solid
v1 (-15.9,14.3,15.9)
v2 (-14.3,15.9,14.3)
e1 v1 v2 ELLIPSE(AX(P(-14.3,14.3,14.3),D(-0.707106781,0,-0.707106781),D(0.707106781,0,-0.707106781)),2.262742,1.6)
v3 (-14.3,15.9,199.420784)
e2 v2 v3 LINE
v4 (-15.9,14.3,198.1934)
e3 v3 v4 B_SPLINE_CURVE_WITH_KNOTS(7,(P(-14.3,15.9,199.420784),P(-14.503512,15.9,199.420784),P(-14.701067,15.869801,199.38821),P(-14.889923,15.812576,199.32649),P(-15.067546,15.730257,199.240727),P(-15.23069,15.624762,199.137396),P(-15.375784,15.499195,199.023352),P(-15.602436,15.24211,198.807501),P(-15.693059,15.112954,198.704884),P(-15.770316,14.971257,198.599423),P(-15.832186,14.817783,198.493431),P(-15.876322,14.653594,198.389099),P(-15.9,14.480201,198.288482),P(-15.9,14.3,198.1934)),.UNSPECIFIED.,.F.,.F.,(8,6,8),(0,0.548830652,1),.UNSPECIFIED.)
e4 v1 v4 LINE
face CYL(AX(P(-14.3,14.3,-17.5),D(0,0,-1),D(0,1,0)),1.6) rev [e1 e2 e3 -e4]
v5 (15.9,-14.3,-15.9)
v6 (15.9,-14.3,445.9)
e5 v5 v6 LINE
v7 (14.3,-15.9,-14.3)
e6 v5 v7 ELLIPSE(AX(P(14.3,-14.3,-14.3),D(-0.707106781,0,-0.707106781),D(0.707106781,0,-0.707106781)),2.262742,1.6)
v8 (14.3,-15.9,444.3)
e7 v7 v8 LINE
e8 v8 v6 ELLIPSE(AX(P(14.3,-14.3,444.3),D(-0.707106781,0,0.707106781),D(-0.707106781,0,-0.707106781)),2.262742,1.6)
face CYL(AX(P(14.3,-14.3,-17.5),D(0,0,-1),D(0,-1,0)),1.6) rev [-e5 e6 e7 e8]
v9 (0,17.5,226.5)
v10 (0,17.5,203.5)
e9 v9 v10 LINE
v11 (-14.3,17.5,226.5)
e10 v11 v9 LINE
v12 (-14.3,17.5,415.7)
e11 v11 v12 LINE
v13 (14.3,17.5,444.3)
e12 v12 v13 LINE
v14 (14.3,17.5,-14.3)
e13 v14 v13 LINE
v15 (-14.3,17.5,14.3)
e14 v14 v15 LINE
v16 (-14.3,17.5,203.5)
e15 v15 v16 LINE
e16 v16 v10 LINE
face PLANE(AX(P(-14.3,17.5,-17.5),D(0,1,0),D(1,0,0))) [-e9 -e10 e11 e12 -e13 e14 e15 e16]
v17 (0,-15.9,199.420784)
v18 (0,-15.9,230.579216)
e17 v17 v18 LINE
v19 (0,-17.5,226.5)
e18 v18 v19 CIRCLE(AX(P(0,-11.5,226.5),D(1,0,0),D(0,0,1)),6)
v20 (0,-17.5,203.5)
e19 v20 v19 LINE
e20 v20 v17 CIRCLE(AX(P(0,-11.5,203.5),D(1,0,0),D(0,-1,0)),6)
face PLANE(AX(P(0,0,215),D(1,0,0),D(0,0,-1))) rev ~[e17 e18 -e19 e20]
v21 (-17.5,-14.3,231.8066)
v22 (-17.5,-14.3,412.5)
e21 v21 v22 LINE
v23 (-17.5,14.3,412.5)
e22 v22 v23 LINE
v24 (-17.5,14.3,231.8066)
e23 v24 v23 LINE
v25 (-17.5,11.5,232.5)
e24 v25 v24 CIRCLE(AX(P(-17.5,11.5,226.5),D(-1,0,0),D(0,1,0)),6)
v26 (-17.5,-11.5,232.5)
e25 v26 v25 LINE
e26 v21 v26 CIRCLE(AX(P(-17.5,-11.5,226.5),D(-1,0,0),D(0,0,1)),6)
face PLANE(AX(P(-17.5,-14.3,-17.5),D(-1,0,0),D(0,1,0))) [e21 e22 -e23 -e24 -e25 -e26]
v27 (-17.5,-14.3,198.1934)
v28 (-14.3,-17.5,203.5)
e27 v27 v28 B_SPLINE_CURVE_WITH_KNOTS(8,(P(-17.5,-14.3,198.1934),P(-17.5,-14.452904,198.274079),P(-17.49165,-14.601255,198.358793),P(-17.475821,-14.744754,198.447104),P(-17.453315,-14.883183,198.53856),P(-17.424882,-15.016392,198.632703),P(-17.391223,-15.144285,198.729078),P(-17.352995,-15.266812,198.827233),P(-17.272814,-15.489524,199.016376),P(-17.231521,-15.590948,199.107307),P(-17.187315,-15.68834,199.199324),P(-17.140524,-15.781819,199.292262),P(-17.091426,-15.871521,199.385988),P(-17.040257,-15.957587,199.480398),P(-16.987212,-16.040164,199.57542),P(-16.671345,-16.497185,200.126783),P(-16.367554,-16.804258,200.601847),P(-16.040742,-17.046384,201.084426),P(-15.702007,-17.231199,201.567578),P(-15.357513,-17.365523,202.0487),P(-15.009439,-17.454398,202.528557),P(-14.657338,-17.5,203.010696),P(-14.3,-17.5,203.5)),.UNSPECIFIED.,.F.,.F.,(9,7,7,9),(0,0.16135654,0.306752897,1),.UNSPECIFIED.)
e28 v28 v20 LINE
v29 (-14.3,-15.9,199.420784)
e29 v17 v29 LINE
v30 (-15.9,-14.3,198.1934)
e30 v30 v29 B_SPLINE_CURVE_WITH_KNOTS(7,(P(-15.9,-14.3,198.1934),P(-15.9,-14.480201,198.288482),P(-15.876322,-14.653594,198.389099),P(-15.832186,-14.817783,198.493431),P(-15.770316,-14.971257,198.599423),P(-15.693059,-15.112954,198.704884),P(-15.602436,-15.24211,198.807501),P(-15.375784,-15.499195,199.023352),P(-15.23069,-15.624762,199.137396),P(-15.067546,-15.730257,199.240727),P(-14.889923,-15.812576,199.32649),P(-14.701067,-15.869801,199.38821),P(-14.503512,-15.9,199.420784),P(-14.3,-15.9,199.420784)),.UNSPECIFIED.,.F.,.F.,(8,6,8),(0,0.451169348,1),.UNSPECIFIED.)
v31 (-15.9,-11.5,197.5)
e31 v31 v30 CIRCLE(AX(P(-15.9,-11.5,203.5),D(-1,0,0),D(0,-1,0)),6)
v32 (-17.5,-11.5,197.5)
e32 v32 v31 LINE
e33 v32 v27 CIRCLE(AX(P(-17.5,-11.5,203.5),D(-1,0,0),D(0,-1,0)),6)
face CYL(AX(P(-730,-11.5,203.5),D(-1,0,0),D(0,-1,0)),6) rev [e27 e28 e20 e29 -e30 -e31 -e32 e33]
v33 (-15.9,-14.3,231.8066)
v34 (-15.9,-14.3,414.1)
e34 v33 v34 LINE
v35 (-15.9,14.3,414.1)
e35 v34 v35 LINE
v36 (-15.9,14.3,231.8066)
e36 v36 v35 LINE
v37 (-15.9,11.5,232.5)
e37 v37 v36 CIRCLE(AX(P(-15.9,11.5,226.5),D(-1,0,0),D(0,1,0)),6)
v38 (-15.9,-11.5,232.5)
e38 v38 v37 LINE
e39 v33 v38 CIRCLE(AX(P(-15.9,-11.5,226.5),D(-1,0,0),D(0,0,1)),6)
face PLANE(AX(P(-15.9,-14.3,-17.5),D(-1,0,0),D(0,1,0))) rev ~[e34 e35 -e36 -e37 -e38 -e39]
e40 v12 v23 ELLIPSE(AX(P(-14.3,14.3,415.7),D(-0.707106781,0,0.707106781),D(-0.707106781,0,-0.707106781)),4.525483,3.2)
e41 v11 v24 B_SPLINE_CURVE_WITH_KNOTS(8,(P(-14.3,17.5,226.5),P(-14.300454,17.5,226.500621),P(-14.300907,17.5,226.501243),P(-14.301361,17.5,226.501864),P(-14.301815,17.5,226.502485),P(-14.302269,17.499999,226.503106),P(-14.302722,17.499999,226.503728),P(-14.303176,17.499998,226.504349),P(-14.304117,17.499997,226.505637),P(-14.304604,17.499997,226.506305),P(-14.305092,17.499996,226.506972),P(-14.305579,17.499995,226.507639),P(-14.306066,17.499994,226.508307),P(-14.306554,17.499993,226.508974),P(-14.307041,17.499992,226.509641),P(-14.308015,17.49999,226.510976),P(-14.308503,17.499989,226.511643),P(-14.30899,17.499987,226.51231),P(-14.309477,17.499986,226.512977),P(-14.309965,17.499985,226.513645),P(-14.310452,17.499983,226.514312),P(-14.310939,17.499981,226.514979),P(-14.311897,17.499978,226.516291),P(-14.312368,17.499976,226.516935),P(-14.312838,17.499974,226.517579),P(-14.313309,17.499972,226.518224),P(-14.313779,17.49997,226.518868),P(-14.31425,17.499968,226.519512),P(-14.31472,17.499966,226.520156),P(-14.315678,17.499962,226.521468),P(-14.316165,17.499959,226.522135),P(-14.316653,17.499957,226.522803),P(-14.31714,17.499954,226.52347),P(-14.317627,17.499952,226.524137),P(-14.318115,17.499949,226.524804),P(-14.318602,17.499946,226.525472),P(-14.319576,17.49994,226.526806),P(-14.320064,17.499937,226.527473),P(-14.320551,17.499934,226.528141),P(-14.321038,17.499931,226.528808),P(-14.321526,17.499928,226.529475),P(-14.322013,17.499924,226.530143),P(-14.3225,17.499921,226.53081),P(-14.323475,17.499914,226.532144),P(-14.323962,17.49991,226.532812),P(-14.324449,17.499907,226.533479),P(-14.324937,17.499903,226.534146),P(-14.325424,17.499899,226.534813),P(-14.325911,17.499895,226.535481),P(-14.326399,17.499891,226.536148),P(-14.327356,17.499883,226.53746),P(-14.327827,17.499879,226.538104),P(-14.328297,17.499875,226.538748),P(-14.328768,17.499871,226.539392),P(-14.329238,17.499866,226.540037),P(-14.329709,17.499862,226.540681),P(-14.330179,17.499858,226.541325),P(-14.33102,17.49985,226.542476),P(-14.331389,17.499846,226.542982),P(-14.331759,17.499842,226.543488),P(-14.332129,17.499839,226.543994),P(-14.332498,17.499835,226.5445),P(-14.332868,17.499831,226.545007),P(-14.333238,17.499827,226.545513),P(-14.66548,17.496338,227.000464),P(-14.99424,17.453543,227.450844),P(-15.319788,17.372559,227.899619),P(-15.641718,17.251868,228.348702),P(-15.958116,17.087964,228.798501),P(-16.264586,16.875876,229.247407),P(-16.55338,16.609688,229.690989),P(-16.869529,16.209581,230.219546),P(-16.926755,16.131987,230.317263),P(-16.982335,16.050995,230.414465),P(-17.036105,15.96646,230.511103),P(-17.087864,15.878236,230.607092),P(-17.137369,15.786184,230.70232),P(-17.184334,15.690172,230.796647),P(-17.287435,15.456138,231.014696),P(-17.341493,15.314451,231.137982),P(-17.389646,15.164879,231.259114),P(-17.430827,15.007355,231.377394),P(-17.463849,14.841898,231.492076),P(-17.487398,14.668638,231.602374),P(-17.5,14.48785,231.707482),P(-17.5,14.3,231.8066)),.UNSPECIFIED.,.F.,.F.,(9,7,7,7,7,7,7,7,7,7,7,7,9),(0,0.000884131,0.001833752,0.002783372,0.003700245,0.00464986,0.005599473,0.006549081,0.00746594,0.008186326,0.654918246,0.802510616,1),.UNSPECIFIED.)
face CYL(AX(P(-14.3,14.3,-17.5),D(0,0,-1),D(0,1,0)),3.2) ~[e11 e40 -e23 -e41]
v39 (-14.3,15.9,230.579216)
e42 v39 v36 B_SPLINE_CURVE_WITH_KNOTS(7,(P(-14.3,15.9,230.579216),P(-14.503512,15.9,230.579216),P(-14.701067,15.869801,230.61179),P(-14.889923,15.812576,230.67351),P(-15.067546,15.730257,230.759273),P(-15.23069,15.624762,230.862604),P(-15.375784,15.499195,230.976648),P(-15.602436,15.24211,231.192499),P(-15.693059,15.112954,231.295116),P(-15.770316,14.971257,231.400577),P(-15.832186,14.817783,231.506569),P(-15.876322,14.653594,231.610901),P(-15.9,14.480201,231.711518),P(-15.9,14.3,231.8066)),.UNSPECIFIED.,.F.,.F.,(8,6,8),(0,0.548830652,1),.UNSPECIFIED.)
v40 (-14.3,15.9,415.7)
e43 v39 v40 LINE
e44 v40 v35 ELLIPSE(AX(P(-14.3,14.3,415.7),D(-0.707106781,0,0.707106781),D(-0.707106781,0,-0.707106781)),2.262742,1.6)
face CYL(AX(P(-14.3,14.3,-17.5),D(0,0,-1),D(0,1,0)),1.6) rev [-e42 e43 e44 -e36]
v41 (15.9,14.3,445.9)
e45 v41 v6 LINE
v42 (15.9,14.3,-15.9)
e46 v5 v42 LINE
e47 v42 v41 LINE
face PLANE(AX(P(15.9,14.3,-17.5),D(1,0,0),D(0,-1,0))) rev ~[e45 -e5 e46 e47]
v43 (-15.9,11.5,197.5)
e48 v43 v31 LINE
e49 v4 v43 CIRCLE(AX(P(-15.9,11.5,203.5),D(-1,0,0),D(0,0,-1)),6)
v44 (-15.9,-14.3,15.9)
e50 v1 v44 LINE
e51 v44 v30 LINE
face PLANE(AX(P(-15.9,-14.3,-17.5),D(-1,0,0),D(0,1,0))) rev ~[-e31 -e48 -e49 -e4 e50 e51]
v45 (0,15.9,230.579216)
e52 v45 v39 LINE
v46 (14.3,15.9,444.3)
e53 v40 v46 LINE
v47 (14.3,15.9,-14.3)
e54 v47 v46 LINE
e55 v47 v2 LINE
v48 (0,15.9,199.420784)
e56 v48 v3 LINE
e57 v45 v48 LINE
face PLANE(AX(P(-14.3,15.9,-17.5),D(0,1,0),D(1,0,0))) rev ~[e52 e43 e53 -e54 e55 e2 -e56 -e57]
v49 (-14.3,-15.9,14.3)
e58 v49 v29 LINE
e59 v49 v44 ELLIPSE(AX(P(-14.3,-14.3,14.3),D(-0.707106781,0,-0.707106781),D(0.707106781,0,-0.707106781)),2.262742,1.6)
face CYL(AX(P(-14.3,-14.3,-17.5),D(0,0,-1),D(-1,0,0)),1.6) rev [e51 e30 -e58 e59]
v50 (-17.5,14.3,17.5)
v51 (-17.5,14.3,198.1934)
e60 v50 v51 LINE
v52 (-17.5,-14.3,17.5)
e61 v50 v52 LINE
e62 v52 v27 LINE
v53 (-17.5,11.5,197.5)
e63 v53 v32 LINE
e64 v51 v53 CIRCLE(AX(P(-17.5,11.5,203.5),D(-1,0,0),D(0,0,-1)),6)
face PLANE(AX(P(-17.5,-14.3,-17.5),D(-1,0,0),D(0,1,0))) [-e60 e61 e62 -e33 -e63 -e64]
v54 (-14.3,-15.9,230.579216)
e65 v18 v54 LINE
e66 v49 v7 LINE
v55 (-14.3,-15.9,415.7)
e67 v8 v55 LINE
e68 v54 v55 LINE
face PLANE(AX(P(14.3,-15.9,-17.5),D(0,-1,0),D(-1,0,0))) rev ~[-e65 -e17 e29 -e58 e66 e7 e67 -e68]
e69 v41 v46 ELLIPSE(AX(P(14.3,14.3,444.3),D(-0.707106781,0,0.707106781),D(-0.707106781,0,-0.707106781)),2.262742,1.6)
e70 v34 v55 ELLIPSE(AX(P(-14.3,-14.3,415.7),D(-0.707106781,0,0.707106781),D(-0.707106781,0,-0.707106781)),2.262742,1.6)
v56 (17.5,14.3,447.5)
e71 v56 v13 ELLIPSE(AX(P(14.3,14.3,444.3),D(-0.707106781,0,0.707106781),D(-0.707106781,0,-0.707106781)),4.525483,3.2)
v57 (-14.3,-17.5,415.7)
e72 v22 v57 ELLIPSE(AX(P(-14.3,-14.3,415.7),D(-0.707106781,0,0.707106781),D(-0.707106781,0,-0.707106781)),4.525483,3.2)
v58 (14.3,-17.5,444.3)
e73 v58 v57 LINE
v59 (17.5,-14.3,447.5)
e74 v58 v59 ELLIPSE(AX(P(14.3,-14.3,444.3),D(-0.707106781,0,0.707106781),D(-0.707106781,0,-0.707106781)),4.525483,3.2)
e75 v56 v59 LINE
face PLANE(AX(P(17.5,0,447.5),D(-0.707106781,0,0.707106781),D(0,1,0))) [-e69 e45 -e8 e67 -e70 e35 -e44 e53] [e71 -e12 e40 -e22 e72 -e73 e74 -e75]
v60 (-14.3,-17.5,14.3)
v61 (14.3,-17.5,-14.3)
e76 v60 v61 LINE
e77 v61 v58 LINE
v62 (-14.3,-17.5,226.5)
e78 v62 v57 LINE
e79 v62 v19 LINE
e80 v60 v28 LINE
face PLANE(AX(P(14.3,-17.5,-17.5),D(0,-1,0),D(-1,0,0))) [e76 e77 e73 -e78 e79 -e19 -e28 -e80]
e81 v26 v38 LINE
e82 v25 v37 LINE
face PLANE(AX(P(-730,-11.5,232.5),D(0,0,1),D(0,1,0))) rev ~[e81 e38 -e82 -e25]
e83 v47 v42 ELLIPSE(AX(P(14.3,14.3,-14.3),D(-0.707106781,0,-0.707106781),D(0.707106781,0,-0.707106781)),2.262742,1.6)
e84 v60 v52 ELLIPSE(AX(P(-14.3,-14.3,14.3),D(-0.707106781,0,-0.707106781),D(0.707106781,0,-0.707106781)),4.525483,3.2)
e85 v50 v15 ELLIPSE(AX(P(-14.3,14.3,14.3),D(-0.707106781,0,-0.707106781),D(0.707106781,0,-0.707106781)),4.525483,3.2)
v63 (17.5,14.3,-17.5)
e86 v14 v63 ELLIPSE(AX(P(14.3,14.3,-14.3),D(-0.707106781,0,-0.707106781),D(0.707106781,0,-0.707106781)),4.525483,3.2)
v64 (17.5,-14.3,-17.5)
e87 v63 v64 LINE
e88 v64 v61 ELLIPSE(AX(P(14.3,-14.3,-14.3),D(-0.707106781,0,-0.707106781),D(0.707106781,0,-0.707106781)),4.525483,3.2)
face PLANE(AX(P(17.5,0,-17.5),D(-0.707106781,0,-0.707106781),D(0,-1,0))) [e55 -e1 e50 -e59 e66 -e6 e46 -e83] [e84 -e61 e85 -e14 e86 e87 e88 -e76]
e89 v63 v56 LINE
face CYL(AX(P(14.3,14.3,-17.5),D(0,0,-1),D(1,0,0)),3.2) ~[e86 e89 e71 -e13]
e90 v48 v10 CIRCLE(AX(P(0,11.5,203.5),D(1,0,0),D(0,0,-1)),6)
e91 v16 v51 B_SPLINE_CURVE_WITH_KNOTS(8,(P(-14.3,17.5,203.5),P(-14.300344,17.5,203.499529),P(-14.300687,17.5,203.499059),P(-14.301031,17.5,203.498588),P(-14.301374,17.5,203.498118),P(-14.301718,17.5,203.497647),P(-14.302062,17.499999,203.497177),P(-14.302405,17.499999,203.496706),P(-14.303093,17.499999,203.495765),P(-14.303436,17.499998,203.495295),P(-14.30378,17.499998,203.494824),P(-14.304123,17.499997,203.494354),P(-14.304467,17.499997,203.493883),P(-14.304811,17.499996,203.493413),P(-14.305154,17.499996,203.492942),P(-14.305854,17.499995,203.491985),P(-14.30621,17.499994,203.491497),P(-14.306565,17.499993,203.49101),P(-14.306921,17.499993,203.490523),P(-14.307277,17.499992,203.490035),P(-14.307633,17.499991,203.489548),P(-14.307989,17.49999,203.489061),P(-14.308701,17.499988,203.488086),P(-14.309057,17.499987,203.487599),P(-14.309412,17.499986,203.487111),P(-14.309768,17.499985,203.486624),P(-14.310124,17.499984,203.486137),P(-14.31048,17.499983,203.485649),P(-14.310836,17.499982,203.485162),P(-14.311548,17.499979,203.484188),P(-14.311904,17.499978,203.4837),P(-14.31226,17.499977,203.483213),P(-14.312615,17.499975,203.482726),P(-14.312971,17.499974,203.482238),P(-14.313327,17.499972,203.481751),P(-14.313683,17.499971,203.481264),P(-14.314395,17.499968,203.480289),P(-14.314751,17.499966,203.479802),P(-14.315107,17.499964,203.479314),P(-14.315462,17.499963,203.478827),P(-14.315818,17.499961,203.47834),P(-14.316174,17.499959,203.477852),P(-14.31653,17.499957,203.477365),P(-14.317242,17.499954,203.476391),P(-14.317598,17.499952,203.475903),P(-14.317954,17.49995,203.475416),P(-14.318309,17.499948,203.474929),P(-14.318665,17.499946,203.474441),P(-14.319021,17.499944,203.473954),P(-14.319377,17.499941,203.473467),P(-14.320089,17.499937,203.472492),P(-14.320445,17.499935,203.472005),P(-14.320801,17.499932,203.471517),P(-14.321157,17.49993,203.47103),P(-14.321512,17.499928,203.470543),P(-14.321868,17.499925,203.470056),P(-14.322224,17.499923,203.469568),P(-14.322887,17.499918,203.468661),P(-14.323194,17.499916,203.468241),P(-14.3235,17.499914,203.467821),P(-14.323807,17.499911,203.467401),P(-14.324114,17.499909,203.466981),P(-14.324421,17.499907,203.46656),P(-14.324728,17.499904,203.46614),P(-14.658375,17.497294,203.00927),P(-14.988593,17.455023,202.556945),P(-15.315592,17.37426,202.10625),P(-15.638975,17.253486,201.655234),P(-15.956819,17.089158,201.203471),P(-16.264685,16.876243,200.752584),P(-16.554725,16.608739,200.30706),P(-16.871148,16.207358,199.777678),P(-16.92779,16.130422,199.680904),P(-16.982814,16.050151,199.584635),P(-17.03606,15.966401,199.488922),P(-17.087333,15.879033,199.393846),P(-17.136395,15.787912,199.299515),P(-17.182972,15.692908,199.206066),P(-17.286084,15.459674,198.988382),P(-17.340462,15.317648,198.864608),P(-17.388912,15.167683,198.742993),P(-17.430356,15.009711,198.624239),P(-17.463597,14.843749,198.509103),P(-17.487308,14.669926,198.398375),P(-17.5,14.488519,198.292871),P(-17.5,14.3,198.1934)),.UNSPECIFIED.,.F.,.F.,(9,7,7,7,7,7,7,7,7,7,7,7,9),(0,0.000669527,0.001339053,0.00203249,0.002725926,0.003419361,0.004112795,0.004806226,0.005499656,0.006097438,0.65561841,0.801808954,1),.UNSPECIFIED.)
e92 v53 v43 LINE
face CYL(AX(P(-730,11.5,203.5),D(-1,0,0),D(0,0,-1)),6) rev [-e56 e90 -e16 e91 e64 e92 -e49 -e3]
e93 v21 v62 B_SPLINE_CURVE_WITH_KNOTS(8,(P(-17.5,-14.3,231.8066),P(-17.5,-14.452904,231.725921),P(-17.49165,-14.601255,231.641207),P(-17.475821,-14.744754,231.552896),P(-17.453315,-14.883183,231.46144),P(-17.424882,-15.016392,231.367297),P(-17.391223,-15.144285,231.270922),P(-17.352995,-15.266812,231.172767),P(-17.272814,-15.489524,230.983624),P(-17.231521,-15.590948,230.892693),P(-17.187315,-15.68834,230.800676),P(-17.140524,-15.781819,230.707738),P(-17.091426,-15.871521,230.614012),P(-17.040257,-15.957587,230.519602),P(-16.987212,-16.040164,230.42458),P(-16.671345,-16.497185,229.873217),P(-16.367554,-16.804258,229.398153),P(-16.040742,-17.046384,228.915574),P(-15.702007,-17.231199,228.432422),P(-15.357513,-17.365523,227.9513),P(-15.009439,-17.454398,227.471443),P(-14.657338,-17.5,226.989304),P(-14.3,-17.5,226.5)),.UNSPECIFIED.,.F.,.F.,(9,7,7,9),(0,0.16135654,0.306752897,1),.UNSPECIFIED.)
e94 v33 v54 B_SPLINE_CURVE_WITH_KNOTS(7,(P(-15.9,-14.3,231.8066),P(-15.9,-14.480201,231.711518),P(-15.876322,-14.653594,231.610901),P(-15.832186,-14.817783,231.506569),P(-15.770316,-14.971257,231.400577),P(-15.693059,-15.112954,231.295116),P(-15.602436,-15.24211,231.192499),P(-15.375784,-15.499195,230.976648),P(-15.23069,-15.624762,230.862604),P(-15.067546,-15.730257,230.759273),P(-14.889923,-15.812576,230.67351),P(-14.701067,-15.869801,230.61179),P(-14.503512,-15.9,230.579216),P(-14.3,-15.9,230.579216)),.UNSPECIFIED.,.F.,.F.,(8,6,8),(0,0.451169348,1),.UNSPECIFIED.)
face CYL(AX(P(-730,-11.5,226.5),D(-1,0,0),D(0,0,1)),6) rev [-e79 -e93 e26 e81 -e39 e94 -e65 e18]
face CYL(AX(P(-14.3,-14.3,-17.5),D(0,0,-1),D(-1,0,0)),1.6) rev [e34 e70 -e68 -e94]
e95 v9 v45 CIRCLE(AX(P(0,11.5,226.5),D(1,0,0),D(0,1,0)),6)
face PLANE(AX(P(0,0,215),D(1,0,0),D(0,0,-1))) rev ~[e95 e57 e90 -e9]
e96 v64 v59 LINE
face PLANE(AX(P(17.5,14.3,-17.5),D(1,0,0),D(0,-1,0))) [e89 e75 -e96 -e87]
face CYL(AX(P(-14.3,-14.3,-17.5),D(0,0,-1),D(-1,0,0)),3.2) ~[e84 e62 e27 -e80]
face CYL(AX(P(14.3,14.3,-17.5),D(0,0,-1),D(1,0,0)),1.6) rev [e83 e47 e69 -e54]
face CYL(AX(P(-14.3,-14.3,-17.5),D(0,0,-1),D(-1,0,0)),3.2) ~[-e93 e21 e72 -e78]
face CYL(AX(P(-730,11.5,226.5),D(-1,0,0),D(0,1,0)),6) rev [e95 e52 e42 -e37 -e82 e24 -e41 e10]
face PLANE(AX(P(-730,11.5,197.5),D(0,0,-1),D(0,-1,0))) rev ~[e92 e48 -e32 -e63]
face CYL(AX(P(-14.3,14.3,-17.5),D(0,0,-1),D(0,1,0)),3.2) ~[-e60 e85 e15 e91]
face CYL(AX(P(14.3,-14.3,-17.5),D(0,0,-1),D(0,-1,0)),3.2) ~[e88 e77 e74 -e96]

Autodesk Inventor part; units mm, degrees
ref_plane "Start plane" through (0, 0, -17.5) normal (0, 0, 1) x (1, 0, 0)
ref_plane "End plane" through (0, 0, 447.5) normal (0, 0, 1) x (1, 0, 0)
sketch "Sketch" plane through (0, 0, 0) normal (0, 0, 1) x (1, 0, 0)
  line L0 (-17.5, -14.3) -> (-17.5, 14.3)
  line L1 (-14.3, 17.5) -> (14.3, 17.5)
  line L2 (17.5, 14.3) -> (17.5, -14.3)
  line L3 (14.3, -17.5) -> (-14.3, -17.5)
  arc A0 (-17.5, -14.3) -> (-14.3, -17.5) centre (-14.3, -14.3) ccw
  arc A1 (-14.3, 17.5) -> (-17.5, 14.3) centre (-14.3, 14.3) ccw
  arc A2 (17.5, 14.3) -> (14.3, 17.5) centre (14.3, 14.3) ccw
  arc A3 (14.3, -17.5) -> (17.5, -14.3) centre (14.3, -14.3) ccw
  arc A4 (-14.3, 15.9) -> (-15.9, 14.3) centre (-14.3, 14.3) ccw
  line L4 (-14.3, 15.9) -> (14.3, 15.9)
  arc A5 (15.9, 14.3) -> (14.3, 15.9) centre (14.3, 14.3) ccw
  line L5 (15.9, 14.3) -> (15.9, -14.3)
  arc A6 (14.3, -15.9) -> (15.9, -14.3) centre (14.3, -14.3) ccw
  line L6 (14.3, -15.9) -> (-14.3, -15.9)
  arc A7 (-15.9, -14.3) -> (-14.3, -15.9) centre (-14.3, -14.3) ccw
  line L7 (-15.9, -14.3) -> (-15.9, 14.3)
  line L8 (0, 25.4278) -> (0, -25.4278) construction
  line L9 (-25.4278, 0) -> (25.4278, 0) construction
  dimension "d7" = 3.2
  dimension "d10" = 35
  dimension "d11" = 35
  dimension "d12" = 1.6
  dimension "d15" = 17.5
  dimension "d16" = 17.5
extrude "Body" add sketch "Sketch" along normal up to surface (465 mm away) from surface at -17.5
sketch "Sketch3" plane through (0, 0, 0) normal (0, 0, 1) x (1, 0, 0)
  line L0 (0, 0) -> (10, 0)
ref_plane "Work Plane3" through (0, 0, 0) normal (0, -1, 0) x (1, 0, 0)
sketch "Sketch4" plane through (0, 0, 0) normal (0, -1, 0) x (1, 0, 0)
  line L0 (-2, -17.5) -> (12, -17.5)
  line L1 (-2, 447.5) -> (12, 447.5)
  dimension "d18" = 465
ref_plane "Work Plane4" through (17.5, 0, 447.5) normal (-0.7071, 0, 0.7071) x (0.7071, 0, 0.7071)
split "Split1" plane through (17.5, 0, 447.5) removes the side toward (-0.7071, 0, 0.7071)
ref_plane "Work Plane5" through (17.5, 0, -17.5) normal (-0.7071, 0, -0.7071) x (-0.7071, 0, 0.7071)
split "Split2" plane through (17.5, 0, -17.5) removes the side toward (-0.7071, 0, -0.7071)
ref_plane "Work Plane6" through (-730, 0, 215) normal (1, 0, 0) x (0, 0, -1)
ref_plane "Work Plane7" through (0, 0, 215) normal (1, 0, 0) x (0, 0, -1)
ref_plane "Work Plane8" through (-365, 0, 215) normal (1, 0, 0) x (0, 0, -1)
sketch "Sketch5" plane through (-365, 0, 215) normal (1, 0, 0) x (0, 0, -1)
  arc A0 (-17.5, -11.5) -> (-11.5, -17.5) centre (-11.5, -11.5) ccw
  line L0 (-17.5, -11.5) -> (-17.5, 11.5)
  arc A1 (-11.5, 17.5) -> (-17.5, 11.5) centre (-11.5, 11.5) ccw
  line L1 (-11.5, 17.5) -> (11.5, 17.5)
  arc A2 (17.5, 11.5) -> (11.5, 17.5) centre (11.5, 11.5) ccw
  line L2 (17.5, 11.5) -> (17.5, -11.5)
  arc A3 (11.5, -17.5) -> (17.5, -11.5) centre (11.5, -11.5) ccw
  line L3 (11.5, -17.5) -> (-11.5, -17.5)
  arc A4 (-11.5, 14.5) -> (-14.5, 11.5) centre (-11.5, 11.5) ccw
  line L4 (-11.5, 14.5) -> (11.5, 14.5)
  arc A5 (14.5, 11.5) -> (11.5, 14.5) centre (11.5, 11.5) ccw
  line L5 (14.5, 11.5) -> (14.5, -11.5)
  arc A6 (11.5, -14.5) -> (14.5, -11.5) centre (11.5, -11.5) ccw
  line L6 (11.5, -14.5) -> (-11.5, -14.5)
  arc A7 (-14.5, -11.5) -> (-11.5, -14.5) centre (-11.5, -11.5) ccw
  line L7 (-14.5, -11.5) -> (-14.5, 11.5)
extrude "Extrusion2" cut sketch "Sketch5" along normal up to surface (730 mm away) from surface at -365 contours L0 A1 L1 A2 L2 A3 L3 A0 | L4 A5 L5 A6 L6 A7 L7 A4
equation "\"d7\" = G_IR"
equation "\"d10\" = G_H"
equation "\"d11\" = G_W"
equation "\"d12\" = G_T"
equation "\"d15\" = 0.5 * d10"
equation "\"d16\" = 0.5 * d11"
equation "\"d3\" = G_L"
equation "\"G_W\" = 35"
equation "\"G_H\" = 35"
equation "\"G_T\" = 1.6"
equation "\"G_IR\" = 3.2"
equation "\"G_L\" = d18"
equation "\"G_OFFSET_START\" = 17.5"
equation "\"G_OFFSET_END\" = 17.5"
equation "\"d13\" = -G_OFFSET_START"
equation "\"d14\" = G_OFFSET_END + B_L"
equation "\"B_L\" = 430"
properties part number "AS C350L0 35x35x3.0 SHS 00000050" material "Steel, Mild"
